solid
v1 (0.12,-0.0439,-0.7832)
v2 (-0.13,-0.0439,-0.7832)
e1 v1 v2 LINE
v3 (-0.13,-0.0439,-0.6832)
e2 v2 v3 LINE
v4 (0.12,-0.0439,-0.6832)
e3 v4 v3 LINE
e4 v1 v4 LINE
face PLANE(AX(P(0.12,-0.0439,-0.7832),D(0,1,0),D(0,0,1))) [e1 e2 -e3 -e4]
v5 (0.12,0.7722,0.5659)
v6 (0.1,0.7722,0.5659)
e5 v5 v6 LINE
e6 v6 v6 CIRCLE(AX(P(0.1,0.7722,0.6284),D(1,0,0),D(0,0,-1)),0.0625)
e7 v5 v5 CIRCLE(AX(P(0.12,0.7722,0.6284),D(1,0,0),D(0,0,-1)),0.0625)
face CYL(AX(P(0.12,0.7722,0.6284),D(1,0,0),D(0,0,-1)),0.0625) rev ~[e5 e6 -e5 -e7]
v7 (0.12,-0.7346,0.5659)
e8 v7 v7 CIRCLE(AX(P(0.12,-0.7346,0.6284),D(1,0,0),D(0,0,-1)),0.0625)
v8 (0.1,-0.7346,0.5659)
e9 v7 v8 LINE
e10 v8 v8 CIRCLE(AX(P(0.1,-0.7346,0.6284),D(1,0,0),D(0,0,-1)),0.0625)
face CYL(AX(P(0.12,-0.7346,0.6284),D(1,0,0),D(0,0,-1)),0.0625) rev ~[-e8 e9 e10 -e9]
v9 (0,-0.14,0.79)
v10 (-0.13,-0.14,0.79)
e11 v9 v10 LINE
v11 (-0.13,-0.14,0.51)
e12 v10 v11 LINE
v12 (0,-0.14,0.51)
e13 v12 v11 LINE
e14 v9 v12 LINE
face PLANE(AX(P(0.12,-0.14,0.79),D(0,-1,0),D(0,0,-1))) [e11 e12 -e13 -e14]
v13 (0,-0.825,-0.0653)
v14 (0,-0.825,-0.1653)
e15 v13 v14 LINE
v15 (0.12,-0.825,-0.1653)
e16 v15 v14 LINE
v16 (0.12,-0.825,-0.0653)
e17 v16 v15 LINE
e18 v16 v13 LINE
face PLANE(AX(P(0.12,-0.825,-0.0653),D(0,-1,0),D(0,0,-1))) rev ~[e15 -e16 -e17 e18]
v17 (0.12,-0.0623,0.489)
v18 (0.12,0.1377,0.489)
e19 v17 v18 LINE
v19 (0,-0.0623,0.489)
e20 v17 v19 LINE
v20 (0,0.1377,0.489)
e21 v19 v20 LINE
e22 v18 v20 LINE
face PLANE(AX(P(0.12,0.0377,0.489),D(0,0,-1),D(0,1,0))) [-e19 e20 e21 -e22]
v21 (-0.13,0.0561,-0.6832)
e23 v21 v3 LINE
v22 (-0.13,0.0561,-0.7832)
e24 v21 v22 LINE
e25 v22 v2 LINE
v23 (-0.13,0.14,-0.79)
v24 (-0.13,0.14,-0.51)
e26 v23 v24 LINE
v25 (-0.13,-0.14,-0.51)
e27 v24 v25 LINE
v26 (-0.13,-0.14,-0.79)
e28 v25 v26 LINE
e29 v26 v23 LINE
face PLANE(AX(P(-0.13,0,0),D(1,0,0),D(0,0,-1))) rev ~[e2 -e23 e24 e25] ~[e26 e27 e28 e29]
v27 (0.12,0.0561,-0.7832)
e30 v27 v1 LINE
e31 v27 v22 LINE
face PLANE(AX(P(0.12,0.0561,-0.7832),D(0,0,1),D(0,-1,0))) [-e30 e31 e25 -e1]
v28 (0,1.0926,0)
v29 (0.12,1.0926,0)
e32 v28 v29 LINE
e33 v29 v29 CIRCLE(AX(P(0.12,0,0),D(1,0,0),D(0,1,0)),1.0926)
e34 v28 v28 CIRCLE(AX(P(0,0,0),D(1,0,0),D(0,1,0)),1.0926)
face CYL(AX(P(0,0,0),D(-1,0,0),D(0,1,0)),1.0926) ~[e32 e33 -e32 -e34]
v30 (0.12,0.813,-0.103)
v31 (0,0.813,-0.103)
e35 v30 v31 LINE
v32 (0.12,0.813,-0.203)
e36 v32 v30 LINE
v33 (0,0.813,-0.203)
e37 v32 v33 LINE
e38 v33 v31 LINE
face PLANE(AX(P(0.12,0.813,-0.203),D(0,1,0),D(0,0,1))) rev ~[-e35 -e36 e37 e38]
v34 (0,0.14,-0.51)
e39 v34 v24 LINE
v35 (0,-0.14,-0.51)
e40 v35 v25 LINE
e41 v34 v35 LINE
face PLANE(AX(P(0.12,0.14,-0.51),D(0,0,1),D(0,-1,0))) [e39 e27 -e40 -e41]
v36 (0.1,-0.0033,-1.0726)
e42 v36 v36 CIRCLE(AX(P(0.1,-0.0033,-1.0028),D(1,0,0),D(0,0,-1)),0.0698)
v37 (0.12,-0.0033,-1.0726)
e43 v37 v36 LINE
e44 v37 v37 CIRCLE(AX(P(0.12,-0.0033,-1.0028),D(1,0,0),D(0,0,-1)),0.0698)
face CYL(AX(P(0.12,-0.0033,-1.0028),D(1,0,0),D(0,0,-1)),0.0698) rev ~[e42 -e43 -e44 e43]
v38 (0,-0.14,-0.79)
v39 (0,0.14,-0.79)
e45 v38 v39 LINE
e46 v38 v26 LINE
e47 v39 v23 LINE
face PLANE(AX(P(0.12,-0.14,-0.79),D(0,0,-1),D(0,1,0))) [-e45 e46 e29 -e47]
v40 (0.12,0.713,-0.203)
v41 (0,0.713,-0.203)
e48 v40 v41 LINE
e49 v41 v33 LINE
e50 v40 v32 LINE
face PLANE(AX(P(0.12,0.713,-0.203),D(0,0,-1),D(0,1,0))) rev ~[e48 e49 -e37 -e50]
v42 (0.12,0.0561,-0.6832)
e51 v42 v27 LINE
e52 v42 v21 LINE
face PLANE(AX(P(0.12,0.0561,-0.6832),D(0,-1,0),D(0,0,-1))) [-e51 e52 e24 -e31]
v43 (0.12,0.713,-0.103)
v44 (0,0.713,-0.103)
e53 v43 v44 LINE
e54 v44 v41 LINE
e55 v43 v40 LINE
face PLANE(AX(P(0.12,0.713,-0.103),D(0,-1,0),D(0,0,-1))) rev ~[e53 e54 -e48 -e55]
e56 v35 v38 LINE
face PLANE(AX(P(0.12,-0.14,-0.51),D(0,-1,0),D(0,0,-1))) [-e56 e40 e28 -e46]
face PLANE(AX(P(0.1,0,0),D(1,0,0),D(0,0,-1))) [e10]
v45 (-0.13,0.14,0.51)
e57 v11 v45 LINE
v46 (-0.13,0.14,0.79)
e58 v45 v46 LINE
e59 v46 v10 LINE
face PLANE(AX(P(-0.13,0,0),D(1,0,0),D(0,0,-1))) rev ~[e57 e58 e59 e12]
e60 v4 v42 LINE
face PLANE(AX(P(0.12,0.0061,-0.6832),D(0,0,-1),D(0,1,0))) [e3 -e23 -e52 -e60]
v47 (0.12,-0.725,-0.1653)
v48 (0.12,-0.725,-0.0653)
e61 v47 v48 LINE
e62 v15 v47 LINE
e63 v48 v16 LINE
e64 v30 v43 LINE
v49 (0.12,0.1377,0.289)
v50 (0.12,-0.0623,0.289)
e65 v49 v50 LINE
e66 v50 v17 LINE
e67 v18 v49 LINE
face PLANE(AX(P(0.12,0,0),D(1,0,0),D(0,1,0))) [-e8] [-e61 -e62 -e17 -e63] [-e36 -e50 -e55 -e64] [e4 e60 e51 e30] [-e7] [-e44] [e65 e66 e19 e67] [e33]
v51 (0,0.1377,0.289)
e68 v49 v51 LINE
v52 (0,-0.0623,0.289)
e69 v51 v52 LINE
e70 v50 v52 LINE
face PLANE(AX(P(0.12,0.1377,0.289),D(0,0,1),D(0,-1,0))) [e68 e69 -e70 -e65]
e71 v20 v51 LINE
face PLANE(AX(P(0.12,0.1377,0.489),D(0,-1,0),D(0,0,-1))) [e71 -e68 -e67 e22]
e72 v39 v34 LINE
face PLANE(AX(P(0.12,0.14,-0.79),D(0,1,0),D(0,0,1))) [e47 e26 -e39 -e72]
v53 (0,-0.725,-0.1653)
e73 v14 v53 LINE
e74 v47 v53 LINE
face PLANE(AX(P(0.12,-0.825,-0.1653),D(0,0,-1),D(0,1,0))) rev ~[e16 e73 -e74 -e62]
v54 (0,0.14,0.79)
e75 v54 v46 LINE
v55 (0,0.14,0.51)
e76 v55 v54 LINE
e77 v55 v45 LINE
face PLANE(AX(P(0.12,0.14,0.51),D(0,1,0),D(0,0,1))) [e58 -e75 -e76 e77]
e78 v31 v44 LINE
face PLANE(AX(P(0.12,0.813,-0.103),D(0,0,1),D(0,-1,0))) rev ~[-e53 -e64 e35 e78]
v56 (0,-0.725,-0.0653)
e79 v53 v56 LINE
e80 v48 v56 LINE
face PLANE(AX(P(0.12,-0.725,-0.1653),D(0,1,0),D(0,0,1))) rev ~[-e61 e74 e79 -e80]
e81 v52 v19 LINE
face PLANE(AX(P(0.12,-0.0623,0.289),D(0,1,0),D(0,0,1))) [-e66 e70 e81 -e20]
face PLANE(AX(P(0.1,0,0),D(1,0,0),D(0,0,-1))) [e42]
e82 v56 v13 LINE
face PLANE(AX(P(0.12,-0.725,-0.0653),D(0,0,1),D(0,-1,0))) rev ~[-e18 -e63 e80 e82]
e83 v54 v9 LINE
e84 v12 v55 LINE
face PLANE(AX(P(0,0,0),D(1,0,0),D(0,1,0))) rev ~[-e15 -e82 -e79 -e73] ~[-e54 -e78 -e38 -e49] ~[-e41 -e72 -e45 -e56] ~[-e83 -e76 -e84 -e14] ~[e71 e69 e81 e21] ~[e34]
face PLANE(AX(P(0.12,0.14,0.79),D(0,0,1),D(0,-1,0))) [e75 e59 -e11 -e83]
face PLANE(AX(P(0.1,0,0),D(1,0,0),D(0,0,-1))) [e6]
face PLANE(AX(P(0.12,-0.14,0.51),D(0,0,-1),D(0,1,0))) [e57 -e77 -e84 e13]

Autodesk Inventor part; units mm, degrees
ref_plane "YZ Plane" through (0, 0, 0) normal (1, 0, 0) x (0, 1, 0)
ref_plane "XZ Plane" through (0, 0, 0) normal (0, 1, 0) x (-1, 0, 0)
ref_plane "XY Plane" through (0, 0, 0) normal (0, 0, 1) x (1, 0, 0)
sketch "Boceto1" plane through (0, 0, 0) normal (1, 0, 0) x (0, 1, 0)
  circle A0 centre (0, 0) radius 1.15
  circle A1 centre (0, 0) radius 1.0926
extrude "Extrusión1" add sketch "Boceto1" along normal blind 0.12 contours A1
sketch "Boceto2" plane through (0.12, 0, 0) normal (1, 0, 0) x (0, 0, -1)
  circle A0 centre (0, 0) radius 1.0926
  line L0 (0.79, 0.14) -> (0.51, 0.14)
  line L1 (0.51, 0.14) -> (0.51, -0.14)
  line L2 (0.51, -0.14) -> (0.79, -0.14)
  line L3 (0.79, -0.14) -> (0.79, 0.14)
  line L4 (-0.51, 0.14) -> (-0.79, 0.14)
  line L5 (-0.79, 0.14) -> (-0.79, -0.14)
  line L6 (-0.79, -0.14) -> (-0.51, -0.14)
  line L7 (-0.51, -0.14) -> (-0.51, 0.14)
extrude "Extrusión2" add sketch "Boceto2" against normal blind 0.25 contours L3 L2 L1 L0 | L7 L6 L5 L4
sketch "Boceto3" plane through (0.12, 0, 0) normal (1, 0, 0) x (0, 0, -1)
  circle A0 centre (0, 0) radius 1.0926
  circle A1 centre (-0.389, 0.0377) radius 0.6841
  circle A2 centre (-0.6284, -0.7346) radius 0.0625
  circle A3 centre (-0.6284, 0.7722) radius 0.0625
  line L0 (-0.2217, -0.7829) -> (-0.172, -0.9902)
  line L1 (0.4827, -0.8628) -> (0.4482, -0.6469)
  arc A4 (0.4827, -0.8628) -> (-0.172, -0.9902) centre (0.3728, -2.0444) ccw
  arc A5 (-0.2217, -0.7829) -> (-0.0098, -0.6943) centre (-0.3611, -0.1519) ccw
  arc A6 (0.2046, -0.6494) -> (-0.0098, -0.6943) centre (0.1354, -0.8536) ccw
  arc A7 (0.2046, -0.6494) -> (0.4482, -0.6469) centre (0.3201, -0.0382) ccw
  line L2 (0.623, 0.1405) -> (0.623, -0.1283)
  line L3 (0.8433, -0.1283) -> (0.8433, 0.1405)
  arc A8 (0.8433, 0.1405) -> (0.623, 0.1405) centre (0.7332, 0.1405) ccw
  arc A9 (0.623, -0.1283) -> (0.8433, -0.1283) centre (0.7332, -0.1283) ccw
  circle A10 centre (1.0028, -0.0033) radius 0.0698
  line L4 (0.48, 0.6571) -> (0.5054, 0.8687)
  line L5 (-0.1528, 0.9768) -> (-0.1954, 0.7624)
  arc A11 (-0.1528, 0.9768) -> (0.5054, 0.8687) centre (0.3609, 2.0465) ccw
  arc A12 (0.48, 0.6571) -> (0.2505, 0.6476) centre (0.3914, 0.0169) ccw
  arc A13 (0.0338, 0.6801) -> (0.2505, 0.6476) centre (0.1696, 0.8475) ccw
  arc A14 (0.0338, 0.6801) -> (-0.1954, 0.7624) centre (-0.2869, 0.147) ccw
  line L6 (-0.389, 0.0377) -> (-0.489, 0.0377)
  line L7 (-0.489, 0.0377) -> (-0.489, 0.1377)
  line L8 (-0.489, 0.1377) -> (-0.289, 0.1377)
  line L9 (-0.289, 0.1377) -> (-0.289, -0.0623)
  line L10 (-0.289, -0.0623) -> (-0.489, -0.0623)
  line L11 (-0.489, -0.0623) -> (-0.489, 0.0377)
  line L12 (0.6832, 0.0061) -> (0.6832, 0.0561)
  line L13 (0.6832, 0.0561) -> (0.7832, 0.0561)
  line L14 (0.7832, 0.0561) -> (0.7832, -0.0439)
  line L15 (0.7832, -0.0439) -> (0.6832, -0.0439)
  line L16 (0.6832, -0.0439) -> (0.6832, 0.0061)
  line L17 (0.103, 0.813) -> (0.103, 0.713)
  line L18 (0.103, 0.713) -> (0.203, 0.713)
  line L19 (0.203, 0.713) -> (0.203, 0.813)
  line L20 (0.203, 0.813) -> (0.103, 0.813)
  line L21 (0.0653, -0.725) -> (0.0653, -0.825)
  line L22 (0.0653, -0.825) -> (0.1653, -0.825)
  line L23 (0.1653, -0.825) -> (0.1653, -0.725)
  line L24 (0.1653, -0.725) -> (0.0653, -0.725)
  dimension "d6" = 0.1
  dimension "d7" = 0.1
  dimension "d8" = 0.2
  dimension "d9" = 0.2
  dimension "d10" = 0.2
  dimension "d12" = 0.05
  dimension "d13" = 0.1
  dimension "d14" = 0.1
  dimension "d15" = 0.1
  dimension "d16" = 0.1
  dimension "d17" = 0.1
  dimension "d18" = 0.1
  dimension "d19" = 0.1
  dimension "d20" = 0.1
  dimension "d21" = 0.1
extrude "Extrusión3" cut sketch "Boceto3" against normal blind 0.25 contours L7 L8 L9 L10 L11 | L12 L13 L14 L15 L16 | L20 L19 L18 L17 | L24 L23 L22 L21
sketch "Boceto4" plane through (0.12, 0, 0) normal (1, 0, 0) x (0, 0, -1)
  circle A0 centre (0, 0) radius 1.0926
  circle A1 centre (-0.389, 0.0377) radius 0.6841
  circle A2 centre (-0.6284, -0.7346) radius 0.0625
  circle A3 centre (-0.6284, 0.7722) radius 0.0625
  line L0 (-0.2217, -0.7829) -> (-0.172, -0.9902)
  line L1 (0.4827, -0.8628) -> (0.4482, -0.6469)
  arc A4 (0.4827, -0.8628) -> (-0.172, -0.9902) centre (0.3728, -2.0444) ccw
  arc A5 (-0.2217, -0.7829) -> (-0.0098, -0.6943) centre (-0.3611, -0.1519) ccw
  arc A6 (0.2046, -0.6494) -> (-0.0098, -0.6943) centre (0.1354, -0.8536) ccw
  arc A7 (0.2046, -0.6494) -> (0.4482, -0.6469) centre (0.3201, -0.0382) ccw
  line L2 (0.623, 0.1405) -> (0.623, -0.1283)
  line L3 (0.8433, -0.1283) -> (0.8433, 0.1405)
  arc A8 (0.8433, 0.1405) -> (0.623, 0.1405) centre (0.7332, 0.1405) ccw
  arc A9 (0.623, -0.1283) -> (0.8433, -0.1283) centre (0.7332, -0.1283) ccw
  circle A10 centre (1.0028, -0.0033) radius 0.0698
  line L4 (0.48, 0.6571) -> (0.5054, 0.8687)
  line L5 (-0.1528, 0.9768) -> (-0.1954, 0.7624)
  arc A11 (-0.1528, 0.9768) -> (0.5054, 0.8687) centre (0.3609, 2.0465) ccw
  arc A12 (0.48, 0.6571) -> (0.2505, 0.6476) centre (0.3914, 0.0169) ccw
  arc A13 (0.0338, 0.6801) -> (0.2505, 0.6476) centre (0.1696, 0.8475) ccw
  arc A14 (0.0338, 0.6801) -> (-0.1954, 0.7624) centre (-0.2869, 0.147) ccw
  point P0 (0, 0)
extrude "Extrusión4" cut sketch "Boceto4" against normal blind 0.02 contours A2 | A3 | A10
properties part number "ET16"
